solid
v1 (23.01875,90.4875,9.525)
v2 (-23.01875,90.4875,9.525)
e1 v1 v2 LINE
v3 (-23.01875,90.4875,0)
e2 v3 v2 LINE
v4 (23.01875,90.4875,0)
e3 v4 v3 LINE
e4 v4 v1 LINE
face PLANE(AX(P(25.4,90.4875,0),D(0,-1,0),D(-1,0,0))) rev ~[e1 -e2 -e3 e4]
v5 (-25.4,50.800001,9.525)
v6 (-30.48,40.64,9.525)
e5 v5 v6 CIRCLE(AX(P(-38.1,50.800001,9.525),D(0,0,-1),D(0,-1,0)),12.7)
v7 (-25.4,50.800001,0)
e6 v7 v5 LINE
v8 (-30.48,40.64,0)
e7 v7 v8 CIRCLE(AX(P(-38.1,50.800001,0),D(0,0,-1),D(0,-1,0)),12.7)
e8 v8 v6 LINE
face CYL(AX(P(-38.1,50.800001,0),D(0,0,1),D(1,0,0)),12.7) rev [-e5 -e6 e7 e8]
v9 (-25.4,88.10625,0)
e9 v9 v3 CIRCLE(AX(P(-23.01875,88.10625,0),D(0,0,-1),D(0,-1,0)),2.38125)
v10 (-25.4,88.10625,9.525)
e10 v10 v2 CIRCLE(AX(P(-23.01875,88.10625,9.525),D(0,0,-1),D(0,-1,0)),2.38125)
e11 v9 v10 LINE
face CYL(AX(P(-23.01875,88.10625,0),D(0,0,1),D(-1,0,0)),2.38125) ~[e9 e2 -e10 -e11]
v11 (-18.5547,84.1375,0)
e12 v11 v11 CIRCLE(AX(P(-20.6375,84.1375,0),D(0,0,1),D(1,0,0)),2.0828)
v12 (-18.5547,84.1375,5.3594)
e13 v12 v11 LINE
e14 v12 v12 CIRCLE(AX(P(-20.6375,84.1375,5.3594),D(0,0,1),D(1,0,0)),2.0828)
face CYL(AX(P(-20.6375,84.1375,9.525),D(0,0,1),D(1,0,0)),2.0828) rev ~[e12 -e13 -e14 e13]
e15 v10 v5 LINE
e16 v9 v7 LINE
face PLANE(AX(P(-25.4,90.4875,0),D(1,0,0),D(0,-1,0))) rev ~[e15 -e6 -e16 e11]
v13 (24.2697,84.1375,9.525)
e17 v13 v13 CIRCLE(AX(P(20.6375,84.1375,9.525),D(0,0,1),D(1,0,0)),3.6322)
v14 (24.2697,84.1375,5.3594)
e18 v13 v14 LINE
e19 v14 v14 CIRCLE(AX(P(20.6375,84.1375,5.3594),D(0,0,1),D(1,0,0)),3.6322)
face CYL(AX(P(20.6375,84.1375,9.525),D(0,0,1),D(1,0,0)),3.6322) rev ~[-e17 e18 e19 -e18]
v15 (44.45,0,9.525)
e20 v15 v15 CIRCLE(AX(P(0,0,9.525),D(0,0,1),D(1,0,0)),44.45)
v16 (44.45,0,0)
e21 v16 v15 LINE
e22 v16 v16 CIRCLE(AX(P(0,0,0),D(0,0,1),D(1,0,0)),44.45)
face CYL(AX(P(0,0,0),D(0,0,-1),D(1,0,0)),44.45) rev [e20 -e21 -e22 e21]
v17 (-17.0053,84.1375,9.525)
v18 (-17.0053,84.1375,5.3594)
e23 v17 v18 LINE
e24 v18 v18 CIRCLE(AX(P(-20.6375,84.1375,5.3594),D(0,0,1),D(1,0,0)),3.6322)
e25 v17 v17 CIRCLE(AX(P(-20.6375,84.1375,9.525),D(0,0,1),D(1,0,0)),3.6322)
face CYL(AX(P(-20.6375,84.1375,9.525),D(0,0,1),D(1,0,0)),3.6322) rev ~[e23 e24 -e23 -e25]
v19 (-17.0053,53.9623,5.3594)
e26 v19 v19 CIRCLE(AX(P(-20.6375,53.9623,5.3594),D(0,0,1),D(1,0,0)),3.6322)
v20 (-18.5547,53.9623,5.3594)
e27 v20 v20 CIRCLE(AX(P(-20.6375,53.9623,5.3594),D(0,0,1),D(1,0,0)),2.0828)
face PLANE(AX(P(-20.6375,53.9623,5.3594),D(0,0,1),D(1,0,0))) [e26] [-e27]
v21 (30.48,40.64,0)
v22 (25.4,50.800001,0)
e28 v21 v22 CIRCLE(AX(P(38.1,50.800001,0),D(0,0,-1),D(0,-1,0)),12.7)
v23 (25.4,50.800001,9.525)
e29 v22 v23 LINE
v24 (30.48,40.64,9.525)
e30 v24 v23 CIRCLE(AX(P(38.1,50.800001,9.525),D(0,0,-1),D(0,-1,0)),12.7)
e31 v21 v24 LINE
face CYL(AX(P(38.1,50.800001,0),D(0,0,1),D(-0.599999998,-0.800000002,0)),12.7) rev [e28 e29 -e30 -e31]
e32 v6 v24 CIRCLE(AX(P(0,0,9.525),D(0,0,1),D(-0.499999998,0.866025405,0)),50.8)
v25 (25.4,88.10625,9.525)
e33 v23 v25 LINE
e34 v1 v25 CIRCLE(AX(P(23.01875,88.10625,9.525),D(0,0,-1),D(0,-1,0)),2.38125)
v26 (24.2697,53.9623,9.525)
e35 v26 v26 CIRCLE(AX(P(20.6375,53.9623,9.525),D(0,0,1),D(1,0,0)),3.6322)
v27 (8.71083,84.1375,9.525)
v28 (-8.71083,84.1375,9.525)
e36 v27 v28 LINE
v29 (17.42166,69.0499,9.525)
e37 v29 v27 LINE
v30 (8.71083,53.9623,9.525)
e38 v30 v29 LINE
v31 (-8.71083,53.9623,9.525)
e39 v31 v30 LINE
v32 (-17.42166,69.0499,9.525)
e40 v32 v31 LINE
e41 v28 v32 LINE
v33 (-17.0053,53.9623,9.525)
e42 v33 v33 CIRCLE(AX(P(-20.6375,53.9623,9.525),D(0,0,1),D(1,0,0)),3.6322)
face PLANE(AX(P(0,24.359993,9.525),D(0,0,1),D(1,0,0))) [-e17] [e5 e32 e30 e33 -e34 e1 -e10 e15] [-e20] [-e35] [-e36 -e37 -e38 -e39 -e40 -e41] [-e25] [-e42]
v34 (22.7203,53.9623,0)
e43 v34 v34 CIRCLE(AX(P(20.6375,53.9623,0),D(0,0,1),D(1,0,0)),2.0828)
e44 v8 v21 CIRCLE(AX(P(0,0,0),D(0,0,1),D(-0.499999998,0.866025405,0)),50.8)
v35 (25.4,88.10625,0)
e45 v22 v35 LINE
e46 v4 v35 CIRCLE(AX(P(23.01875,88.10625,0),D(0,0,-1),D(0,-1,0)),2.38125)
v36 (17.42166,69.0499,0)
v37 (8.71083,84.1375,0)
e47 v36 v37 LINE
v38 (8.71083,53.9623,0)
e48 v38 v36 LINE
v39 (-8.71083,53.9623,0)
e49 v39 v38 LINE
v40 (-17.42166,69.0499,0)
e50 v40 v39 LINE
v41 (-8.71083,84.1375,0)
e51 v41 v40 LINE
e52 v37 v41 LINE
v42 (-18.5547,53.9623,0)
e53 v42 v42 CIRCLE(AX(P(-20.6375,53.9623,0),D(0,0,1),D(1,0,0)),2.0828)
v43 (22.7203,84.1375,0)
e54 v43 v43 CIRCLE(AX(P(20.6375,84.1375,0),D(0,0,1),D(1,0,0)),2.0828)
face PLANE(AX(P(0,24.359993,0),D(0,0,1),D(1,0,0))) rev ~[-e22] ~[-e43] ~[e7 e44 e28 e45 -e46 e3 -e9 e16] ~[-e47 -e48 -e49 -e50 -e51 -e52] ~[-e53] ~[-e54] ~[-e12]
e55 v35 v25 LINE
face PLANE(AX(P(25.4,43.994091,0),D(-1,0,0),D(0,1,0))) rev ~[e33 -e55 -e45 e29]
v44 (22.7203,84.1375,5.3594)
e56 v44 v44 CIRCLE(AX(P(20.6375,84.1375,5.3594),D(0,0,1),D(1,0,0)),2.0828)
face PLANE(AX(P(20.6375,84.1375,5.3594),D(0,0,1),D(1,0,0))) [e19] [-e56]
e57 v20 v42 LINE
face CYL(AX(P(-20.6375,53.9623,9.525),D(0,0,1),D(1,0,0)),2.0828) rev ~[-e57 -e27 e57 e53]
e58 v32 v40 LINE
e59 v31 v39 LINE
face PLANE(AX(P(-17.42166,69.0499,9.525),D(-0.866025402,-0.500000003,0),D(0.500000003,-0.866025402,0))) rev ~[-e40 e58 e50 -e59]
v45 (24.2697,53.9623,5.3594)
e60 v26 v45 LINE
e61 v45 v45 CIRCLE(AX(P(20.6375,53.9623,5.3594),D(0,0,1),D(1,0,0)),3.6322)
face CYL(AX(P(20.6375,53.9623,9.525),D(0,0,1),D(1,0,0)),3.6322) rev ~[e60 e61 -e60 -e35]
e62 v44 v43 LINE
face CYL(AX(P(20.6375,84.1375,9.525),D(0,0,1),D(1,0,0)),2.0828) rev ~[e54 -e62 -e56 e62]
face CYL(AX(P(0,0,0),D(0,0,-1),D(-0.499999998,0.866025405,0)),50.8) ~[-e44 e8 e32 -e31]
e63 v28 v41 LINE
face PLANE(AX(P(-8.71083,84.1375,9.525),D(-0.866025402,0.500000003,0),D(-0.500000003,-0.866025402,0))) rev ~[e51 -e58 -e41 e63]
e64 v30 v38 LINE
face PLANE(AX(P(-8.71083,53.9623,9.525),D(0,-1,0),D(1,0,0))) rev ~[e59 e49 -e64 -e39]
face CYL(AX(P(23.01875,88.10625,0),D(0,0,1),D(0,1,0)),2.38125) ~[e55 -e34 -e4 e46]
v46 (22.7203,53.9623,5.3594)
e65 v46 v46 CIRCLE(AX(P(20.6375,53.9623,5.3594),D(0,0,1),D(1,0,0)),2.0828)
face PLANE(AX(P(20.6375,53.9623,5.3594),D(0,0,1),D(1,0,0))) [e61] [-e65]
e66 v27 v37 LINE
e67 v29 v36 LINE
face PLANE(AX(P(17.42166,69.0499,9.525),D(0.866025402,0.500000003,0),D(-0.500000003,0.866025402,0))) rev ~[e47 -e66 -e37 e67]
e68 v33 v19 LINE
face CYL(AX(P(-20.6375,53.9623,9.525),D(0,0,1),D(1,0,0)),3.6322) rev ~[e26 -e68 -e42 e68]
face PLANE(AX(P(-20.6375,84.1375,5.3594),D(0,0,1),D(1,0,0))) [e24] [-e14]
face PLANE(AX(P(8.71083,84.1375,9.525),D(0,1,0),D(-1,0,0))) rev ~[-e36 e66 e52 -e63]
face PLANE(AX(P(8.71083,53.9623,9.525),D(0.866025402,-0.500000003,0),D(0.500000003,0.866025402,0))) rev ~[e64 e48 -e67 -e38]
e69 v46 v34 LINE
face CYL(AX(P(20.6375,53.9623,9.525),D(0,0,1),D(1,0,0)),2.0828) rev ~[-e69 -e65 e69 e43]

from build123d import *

# Parameters (mm, degrees)
F0_R     = 44.45
F1_DEPTH = 9.525
F2_R     = 2.0828
F3_DEPTH = 25.4
F4_R     = 3.6322
F5_DEPTH = 4.1656
F6_R     = 2.38125
F7_R     = 12.7


with BuildPart() as f1:
    # F0 (on Top) → F1 (new body)
    with BuildSketch(Plane.XY):
        with BuildLine():
            Line((-25.4, 90.4875), (-25.4, 43.994091))
            ThreePointArc((-25.4, 43.994091), (0, -50.8), (25.4, 43.994091))
            Line((25.4, 43.994091), (25.4, 90.4875))
            Line((25.4, 90.4875), (-25.4, 90.4875))
        make_face()
        Circle(F0_R, mode=Mode.SUBTRACT)
    extrude(amount=F1_DEPTH)

    # F2 (on face) → F3 (cut)
    with BuildSketch(Plane.XY.offset(9.525)):
        with Locations((-20.6375, 84.1375)):
            Circle(F2_R)
        with Locations((20.6375, 84.1375)):
            Circle(F2_R)
        with Locations((20.6375, 53.9623)):
            Circle(F2_R)
        with Locations((-20.6375, 53.9623)):
            Circle(F2_R)
        Polygon((-17.42166, 69.0499), (-8.71083, 53.9623), (8.71083, 53.9623), (17.42166, 69.0499), (8.71083, 84.1375), (-8.71083, 84.1375), align=None)
    extrude(amount=-F3_DEPTH, mode=Mode.SUBTRACT)

    # F4 (on face) → F5 (cut)
    with BuildSketch(Plane.XY.offset(9.525)):
        with Locations((-20.6375, 84.1375)):
            Circle(F4_R)
        with Locations((20.6375, 84.1375)):
            Circle(F4_R)
        with Locations((20.6375, 53.9623)):
            Circle(F4_R)
        with Locations((-20.6375, 53.9623)):
            Circle(F4_R)
    extrude(amount=-F5_DEPTH, mode=Mode.SUBTRACT)

    # F6
    f6_edges = [f1.edges().sort_by_distance(p)[0] for p in [
        (-25.4, 90.4875, 4.7625),
        (25.4, 90.4875, 4.7625),
    ]]
    fillet(f6_edges, radius=F6_R)

    # F7
    f7_edges = [f1.edges().sort_by_distance(p)[0] for p in [
        (-25.4, 43.994091, 4.7625),
        (25.4, 43.994091, 4.7625),
    ]]
    fillet(f7_edges, radius=F7_R)


solid = f1.part
